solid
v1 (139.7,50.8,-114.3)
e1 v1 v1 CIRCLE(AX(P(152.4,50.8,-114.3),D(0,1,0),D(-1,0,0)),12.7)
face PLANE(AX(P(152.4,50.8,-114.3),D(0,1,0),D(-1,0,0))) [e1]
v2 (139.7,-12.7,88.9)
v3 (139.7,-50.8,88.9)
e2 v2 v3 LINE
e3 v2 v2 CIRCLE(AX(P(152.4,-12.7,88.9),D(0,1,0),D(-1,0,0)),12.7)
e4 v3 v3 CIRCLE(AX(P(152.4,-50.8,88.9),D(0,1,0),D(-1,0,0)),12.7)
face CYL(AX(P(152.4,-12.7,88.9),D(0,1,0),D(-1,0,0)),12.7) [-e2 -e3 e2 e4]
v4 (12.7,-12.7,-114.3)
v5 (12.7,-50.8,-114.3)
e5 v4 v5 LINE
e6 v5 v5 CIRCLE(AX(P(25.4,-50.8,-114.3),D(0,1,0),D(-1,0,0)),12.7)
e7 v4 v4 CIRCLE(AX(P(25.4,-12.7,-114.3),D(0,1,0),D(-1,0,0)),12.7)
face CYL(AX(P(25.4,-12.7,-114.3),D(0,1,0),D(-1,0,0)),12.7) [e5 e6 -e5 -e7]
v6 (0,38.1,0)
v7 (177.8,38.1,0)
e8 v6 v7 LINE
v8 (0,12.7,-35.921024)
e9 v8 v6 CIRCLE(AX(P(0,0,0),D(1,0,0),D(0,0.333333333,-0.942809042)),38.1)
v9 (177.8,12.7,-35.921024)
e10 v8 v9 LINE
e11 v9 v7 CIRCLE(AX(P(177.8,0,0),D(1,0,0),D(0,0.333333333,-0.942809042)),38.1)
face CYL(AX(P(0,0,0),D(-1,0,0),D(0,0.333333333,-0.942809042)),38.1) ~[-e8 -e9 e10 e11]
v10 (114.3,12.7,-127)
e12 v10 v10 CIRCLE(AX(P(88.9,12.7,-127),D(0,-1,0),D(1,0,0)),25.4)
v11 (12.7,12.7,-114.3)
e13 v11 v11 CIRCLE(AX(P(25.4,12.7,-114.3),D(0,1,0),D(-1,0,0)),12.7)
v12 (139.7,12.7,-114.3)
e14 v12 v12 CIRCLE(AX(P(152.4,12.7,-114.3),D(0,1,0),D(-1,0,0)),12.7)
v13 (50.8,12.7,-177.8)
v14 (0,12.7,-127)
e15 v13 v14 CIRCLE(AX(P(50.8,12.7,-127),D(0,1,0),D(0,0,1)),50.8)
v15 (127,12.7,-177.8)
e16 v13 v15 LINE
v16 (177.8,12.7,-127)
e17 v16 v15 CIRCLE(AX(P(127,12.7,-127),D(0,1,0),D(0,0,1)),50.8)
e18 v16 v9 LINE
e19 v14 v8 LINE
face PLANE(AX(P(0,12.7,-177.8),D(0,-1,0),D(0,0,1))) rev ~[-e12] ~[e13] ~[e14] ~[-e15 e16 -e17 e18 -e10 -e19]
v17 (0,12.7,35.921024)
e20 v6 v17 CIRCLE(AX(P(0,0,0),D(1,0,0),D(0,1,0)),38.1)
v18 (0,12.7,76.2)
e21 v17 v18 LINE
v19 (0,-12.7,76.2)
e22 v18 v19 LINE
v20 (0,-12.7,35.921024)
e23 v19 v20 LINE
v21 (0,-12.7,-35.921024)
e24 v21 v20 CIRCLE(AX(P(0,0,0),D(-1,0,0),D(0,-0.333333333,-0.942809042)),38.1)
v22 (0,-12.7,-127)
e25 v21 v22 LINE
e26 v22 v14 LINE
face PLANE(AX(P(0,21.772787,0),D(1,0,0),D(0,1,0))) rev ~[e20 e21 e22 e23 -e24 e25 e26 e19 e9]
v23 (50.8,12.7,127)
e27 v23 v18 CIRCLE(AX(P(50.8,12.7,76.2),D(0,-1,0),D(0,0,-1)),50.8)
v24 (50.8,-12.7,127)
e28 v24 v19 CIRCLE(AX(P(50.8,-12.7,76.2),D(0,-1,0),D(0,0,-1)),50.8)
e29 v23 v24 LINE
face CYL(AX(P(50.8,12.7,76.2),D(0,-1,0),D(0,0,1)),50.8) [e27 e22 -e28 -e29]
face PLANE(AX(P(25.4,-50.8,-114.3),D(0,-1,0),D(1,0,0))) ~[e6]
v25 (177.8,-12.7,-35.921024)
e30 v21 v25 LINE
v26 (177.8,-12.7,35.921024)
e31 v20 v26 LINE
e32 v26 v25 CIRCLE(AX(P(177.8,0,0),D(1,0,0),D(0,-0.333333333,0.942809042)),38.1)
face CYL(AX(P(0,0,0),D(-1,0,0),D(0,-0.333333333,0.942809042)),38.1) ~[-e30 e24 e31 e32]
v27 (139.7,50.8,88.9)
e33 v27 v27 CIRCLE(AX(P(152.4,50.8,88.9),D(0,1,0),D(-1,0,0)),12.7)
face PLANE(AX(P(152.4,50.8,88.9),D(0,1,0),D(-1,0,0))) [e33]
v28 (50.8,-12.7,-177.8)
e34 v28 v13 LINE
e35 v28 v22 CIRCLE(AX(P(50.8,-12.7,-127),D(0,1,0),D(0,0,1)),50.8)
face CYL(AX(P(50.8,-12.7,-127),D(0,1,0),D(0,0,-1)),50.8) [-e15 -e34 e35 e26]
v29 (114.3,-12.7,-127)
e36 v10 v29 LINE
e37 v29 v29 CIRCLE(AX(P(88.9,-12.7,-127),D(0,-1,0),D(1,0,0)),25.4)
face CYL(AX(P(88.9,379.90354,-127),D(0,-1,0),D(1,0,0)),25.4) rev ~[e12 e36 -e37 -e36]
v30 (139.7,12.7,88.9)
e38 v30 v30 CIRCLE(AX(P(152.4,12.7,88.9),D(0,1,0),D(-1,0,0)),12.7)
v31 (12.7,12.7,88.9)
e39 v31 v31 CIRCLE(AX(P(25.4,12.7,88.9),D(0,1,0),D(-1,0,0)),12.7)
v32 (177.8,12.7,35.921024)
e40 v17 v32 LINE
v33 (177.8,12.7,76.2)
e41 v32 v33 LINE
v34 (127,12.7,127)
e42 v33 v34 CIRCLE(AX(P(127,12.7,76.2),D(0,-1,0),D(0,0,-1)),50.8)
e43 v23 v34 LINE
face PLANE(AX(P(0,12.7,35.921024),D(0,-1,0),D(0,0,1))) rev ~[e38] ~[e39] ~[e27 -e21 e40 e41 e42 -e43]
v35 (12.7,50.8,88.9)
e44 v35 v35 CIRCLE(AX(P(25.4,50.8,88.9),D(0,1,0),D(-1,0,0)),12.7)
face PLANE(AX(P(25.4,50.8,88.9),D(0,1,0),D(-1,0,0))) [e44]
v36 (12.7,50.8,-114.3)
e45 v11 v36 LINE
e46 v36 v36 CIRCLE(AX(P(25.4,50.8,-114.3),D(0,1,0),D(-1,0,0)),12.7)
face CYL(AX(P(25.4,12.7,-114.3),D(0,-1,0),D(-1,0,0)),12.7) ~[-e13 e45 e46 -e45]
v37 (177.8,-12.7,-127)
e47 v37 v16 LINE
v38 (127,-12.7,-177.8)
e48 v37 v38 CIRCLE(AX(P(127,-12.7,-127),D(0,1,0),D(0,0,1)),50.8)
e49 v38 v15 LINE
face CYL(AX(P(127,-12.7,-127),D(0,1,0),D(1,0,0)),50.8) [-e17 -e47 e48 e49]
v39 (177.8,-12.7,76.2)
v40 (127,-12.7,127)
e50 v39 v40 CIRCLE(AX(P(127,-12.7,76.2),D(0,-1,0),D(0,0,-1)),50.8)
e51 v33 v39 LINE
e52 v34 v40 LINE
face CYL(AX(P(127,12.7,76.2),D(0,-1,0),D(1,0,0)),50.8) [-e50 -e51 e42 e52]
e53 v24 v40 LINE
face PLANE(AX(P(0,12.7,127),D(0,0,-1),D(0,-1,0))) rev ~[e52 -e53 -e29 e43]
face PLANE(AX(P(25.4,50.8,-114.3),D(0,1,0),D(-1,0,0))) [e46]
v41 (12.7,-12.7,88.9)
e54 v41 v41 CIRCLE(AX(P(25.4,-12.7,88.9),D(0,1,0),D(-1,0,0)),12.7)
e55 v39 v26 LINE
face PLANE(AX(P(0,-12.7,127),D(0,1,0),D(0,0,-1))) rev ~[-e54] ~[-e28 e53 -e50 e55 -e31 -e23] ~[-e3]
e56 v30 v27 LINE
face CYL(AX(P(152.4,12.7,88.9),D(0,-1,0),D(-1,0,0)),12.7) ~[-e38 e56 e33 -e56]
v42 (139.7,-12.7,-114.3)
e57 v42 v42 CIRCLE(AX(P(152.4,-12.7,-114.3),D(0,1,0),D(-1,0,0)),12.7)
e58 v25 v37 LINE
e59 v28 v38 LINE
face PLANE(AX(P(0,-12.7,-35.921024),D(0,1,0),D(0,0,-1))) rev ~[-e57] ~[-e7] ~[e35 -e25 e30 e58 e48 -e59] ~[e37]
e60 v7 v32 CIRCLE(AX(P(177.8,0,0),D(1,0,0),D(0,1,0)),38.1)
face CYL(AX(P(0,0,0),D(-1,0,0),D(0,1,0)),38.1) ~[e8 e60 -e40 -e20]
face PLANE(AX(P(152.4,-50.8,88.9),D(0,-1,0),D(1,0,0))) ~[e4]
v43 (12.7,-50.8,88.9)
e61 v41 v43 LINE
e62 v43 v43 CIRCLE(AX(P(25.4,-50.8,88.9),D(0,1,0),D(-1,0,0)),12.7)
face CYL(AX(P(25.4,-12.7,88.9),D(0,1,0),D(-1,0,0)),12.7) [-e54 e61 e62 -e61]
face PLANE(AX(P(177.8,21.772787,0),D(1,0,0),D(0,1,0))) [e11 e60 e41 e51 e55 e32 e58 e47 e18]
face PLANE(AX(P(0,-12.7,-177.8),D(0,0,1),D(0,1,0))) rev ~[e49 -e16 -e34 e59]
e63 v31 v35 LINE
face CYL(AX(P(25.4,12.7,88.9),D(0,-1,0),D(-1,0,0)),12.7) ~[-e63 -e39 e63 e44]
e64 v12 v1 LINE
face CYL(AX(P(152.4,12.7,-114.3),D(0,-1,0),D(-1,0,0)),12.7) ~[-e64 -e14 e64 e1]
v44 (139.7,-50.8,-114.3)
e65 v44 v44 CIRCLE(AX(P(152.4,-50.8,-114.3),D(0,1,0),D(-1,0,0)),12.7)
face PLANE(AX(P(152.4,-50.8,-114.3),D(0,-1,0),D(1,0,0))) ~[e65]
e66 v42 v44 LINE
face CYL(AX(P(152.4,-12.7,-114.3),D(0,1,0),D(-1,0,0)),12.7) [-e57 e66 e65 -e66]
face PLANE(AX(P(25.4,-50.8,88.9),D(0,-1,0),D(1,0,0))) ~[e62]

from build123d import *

# Parameters (mm, degrees)
F0_W     = 25.4
F0_H     = 50.8
F1_DEPTH = 177.8
F2_R     = 12.7
F3_DEPTH = 38.1
F5_R     = 50.8
F7_D     = 50.8
F8_R     = 50.8


with BuildPart() as f1:
    # F0 (on Right) → F1 (new body)
    with BuildSketch(Plane.YZ):
        with BuildLine():
            ThreePointArc((12.7, -35.9210244843), (31.1085197333, -21.9970452561), (38.1, 0))
            ThreePointArc((38.1, 0), (31.1085197333, 21.9970452561), (12.7, 35.9210244843))
            Line((12.7, 35.9210244843), (12.7, -35.9210244843))
        make_face()
        with BuildLine():
            Line((12.7, -35.9210244843), (12.7, 35.9210244843))
            ThreePointArc((12.7, 35.9210244843), (0, 38.1), (-12.7, 35.9210244843))
            Line((-12.7, 35.9210244843), (-12.7, -35.9210244843))
            ThreePointArc((-12.7, -35.9210244843), (0, -38.1), (12.7, -35.9210244843))
        make_face()
        with BuildLine():
            ThreePointArc((-12.7, 35.9210244843), (0, 38.1), (12.7, 35.9210244843))
            Line((12.7, 35.9210244843), (12.7, 127))
            Line((12.7, 127), (-12.7, 127))
            Line((-12.7, 127), (-12.7, 35.9210244843))
        make_face()
        with BuildLine():
            Line((12.7, -127), (12.7, -35.9210244843))
            ThreePointArc((12.7, -35.9210244843), (0, -38.1), (-12.7, -35.9210244843))
            Line((-12.7, -35.9210244843), (-12.7, -127))
            Line((-12.7, -127), (12.7, -127))
        make_face()
        with BuildLine():
            Line((-12.7, -35.9210244843), (-12.7, 35.9210244843))
            ThreePointArc((-12.7, 35.9210244843), (-38.1, 0), (-12.7, -35.9210244843))
        make_face()
        with Locations((0, -152.4)):
            Rectangle(F0_W, F0_H)
    extrude(amount=F1_DEPTH)

    # F2 (on face) → F3 (join)
    with BuildSketch(Plane(origin=(0, 12.7, 0), x_dir=(-1, 0, 0), z_dir=(0, 1, 0))):
        with Locations((-152.4, 88.9)):
            Circle(F2_R)
        with Locations((-25.4, 88.9)):
            Circle(F2_R)
        with Locations((-25.4, -114.3)):
            Circle(F2_R)
        with Locations((-152.4, -114.3)):
            Circle(F2_R)
    extrude(amount=F3_DEPTH)

    # F4: F1 across plane


with BuildPart() as f1_1:
    add(f1.part)
    add(f1.part.mirror(Plane.XZ))

    # F5
    f5_edges = [f1_1.edges().sort_by_distance(p)[0] for p in [
        (177.8, 0, 127),
        (0, 0, 127),
    ]]
    fillet(f5_edges, radius=F5_R)

    # F7 (through all)
    with Locations(Plane(origin=(0, 12.7, 0), x_dir=(-1, 0, 0), z_dir=(0, 1, 0))):
        with Locations((-88.9, -127)):
            Hole(F7_D / 2)

    # F8
    f8_edges = [f1_1.edges().sort_by_distance(p)[0] for p in [
        (177.8, 0, -177.8),
        (0, 0, -177.8),
    ]]
    fillet(f8_edges, radius=F8_R)


solid = f1_1.part
